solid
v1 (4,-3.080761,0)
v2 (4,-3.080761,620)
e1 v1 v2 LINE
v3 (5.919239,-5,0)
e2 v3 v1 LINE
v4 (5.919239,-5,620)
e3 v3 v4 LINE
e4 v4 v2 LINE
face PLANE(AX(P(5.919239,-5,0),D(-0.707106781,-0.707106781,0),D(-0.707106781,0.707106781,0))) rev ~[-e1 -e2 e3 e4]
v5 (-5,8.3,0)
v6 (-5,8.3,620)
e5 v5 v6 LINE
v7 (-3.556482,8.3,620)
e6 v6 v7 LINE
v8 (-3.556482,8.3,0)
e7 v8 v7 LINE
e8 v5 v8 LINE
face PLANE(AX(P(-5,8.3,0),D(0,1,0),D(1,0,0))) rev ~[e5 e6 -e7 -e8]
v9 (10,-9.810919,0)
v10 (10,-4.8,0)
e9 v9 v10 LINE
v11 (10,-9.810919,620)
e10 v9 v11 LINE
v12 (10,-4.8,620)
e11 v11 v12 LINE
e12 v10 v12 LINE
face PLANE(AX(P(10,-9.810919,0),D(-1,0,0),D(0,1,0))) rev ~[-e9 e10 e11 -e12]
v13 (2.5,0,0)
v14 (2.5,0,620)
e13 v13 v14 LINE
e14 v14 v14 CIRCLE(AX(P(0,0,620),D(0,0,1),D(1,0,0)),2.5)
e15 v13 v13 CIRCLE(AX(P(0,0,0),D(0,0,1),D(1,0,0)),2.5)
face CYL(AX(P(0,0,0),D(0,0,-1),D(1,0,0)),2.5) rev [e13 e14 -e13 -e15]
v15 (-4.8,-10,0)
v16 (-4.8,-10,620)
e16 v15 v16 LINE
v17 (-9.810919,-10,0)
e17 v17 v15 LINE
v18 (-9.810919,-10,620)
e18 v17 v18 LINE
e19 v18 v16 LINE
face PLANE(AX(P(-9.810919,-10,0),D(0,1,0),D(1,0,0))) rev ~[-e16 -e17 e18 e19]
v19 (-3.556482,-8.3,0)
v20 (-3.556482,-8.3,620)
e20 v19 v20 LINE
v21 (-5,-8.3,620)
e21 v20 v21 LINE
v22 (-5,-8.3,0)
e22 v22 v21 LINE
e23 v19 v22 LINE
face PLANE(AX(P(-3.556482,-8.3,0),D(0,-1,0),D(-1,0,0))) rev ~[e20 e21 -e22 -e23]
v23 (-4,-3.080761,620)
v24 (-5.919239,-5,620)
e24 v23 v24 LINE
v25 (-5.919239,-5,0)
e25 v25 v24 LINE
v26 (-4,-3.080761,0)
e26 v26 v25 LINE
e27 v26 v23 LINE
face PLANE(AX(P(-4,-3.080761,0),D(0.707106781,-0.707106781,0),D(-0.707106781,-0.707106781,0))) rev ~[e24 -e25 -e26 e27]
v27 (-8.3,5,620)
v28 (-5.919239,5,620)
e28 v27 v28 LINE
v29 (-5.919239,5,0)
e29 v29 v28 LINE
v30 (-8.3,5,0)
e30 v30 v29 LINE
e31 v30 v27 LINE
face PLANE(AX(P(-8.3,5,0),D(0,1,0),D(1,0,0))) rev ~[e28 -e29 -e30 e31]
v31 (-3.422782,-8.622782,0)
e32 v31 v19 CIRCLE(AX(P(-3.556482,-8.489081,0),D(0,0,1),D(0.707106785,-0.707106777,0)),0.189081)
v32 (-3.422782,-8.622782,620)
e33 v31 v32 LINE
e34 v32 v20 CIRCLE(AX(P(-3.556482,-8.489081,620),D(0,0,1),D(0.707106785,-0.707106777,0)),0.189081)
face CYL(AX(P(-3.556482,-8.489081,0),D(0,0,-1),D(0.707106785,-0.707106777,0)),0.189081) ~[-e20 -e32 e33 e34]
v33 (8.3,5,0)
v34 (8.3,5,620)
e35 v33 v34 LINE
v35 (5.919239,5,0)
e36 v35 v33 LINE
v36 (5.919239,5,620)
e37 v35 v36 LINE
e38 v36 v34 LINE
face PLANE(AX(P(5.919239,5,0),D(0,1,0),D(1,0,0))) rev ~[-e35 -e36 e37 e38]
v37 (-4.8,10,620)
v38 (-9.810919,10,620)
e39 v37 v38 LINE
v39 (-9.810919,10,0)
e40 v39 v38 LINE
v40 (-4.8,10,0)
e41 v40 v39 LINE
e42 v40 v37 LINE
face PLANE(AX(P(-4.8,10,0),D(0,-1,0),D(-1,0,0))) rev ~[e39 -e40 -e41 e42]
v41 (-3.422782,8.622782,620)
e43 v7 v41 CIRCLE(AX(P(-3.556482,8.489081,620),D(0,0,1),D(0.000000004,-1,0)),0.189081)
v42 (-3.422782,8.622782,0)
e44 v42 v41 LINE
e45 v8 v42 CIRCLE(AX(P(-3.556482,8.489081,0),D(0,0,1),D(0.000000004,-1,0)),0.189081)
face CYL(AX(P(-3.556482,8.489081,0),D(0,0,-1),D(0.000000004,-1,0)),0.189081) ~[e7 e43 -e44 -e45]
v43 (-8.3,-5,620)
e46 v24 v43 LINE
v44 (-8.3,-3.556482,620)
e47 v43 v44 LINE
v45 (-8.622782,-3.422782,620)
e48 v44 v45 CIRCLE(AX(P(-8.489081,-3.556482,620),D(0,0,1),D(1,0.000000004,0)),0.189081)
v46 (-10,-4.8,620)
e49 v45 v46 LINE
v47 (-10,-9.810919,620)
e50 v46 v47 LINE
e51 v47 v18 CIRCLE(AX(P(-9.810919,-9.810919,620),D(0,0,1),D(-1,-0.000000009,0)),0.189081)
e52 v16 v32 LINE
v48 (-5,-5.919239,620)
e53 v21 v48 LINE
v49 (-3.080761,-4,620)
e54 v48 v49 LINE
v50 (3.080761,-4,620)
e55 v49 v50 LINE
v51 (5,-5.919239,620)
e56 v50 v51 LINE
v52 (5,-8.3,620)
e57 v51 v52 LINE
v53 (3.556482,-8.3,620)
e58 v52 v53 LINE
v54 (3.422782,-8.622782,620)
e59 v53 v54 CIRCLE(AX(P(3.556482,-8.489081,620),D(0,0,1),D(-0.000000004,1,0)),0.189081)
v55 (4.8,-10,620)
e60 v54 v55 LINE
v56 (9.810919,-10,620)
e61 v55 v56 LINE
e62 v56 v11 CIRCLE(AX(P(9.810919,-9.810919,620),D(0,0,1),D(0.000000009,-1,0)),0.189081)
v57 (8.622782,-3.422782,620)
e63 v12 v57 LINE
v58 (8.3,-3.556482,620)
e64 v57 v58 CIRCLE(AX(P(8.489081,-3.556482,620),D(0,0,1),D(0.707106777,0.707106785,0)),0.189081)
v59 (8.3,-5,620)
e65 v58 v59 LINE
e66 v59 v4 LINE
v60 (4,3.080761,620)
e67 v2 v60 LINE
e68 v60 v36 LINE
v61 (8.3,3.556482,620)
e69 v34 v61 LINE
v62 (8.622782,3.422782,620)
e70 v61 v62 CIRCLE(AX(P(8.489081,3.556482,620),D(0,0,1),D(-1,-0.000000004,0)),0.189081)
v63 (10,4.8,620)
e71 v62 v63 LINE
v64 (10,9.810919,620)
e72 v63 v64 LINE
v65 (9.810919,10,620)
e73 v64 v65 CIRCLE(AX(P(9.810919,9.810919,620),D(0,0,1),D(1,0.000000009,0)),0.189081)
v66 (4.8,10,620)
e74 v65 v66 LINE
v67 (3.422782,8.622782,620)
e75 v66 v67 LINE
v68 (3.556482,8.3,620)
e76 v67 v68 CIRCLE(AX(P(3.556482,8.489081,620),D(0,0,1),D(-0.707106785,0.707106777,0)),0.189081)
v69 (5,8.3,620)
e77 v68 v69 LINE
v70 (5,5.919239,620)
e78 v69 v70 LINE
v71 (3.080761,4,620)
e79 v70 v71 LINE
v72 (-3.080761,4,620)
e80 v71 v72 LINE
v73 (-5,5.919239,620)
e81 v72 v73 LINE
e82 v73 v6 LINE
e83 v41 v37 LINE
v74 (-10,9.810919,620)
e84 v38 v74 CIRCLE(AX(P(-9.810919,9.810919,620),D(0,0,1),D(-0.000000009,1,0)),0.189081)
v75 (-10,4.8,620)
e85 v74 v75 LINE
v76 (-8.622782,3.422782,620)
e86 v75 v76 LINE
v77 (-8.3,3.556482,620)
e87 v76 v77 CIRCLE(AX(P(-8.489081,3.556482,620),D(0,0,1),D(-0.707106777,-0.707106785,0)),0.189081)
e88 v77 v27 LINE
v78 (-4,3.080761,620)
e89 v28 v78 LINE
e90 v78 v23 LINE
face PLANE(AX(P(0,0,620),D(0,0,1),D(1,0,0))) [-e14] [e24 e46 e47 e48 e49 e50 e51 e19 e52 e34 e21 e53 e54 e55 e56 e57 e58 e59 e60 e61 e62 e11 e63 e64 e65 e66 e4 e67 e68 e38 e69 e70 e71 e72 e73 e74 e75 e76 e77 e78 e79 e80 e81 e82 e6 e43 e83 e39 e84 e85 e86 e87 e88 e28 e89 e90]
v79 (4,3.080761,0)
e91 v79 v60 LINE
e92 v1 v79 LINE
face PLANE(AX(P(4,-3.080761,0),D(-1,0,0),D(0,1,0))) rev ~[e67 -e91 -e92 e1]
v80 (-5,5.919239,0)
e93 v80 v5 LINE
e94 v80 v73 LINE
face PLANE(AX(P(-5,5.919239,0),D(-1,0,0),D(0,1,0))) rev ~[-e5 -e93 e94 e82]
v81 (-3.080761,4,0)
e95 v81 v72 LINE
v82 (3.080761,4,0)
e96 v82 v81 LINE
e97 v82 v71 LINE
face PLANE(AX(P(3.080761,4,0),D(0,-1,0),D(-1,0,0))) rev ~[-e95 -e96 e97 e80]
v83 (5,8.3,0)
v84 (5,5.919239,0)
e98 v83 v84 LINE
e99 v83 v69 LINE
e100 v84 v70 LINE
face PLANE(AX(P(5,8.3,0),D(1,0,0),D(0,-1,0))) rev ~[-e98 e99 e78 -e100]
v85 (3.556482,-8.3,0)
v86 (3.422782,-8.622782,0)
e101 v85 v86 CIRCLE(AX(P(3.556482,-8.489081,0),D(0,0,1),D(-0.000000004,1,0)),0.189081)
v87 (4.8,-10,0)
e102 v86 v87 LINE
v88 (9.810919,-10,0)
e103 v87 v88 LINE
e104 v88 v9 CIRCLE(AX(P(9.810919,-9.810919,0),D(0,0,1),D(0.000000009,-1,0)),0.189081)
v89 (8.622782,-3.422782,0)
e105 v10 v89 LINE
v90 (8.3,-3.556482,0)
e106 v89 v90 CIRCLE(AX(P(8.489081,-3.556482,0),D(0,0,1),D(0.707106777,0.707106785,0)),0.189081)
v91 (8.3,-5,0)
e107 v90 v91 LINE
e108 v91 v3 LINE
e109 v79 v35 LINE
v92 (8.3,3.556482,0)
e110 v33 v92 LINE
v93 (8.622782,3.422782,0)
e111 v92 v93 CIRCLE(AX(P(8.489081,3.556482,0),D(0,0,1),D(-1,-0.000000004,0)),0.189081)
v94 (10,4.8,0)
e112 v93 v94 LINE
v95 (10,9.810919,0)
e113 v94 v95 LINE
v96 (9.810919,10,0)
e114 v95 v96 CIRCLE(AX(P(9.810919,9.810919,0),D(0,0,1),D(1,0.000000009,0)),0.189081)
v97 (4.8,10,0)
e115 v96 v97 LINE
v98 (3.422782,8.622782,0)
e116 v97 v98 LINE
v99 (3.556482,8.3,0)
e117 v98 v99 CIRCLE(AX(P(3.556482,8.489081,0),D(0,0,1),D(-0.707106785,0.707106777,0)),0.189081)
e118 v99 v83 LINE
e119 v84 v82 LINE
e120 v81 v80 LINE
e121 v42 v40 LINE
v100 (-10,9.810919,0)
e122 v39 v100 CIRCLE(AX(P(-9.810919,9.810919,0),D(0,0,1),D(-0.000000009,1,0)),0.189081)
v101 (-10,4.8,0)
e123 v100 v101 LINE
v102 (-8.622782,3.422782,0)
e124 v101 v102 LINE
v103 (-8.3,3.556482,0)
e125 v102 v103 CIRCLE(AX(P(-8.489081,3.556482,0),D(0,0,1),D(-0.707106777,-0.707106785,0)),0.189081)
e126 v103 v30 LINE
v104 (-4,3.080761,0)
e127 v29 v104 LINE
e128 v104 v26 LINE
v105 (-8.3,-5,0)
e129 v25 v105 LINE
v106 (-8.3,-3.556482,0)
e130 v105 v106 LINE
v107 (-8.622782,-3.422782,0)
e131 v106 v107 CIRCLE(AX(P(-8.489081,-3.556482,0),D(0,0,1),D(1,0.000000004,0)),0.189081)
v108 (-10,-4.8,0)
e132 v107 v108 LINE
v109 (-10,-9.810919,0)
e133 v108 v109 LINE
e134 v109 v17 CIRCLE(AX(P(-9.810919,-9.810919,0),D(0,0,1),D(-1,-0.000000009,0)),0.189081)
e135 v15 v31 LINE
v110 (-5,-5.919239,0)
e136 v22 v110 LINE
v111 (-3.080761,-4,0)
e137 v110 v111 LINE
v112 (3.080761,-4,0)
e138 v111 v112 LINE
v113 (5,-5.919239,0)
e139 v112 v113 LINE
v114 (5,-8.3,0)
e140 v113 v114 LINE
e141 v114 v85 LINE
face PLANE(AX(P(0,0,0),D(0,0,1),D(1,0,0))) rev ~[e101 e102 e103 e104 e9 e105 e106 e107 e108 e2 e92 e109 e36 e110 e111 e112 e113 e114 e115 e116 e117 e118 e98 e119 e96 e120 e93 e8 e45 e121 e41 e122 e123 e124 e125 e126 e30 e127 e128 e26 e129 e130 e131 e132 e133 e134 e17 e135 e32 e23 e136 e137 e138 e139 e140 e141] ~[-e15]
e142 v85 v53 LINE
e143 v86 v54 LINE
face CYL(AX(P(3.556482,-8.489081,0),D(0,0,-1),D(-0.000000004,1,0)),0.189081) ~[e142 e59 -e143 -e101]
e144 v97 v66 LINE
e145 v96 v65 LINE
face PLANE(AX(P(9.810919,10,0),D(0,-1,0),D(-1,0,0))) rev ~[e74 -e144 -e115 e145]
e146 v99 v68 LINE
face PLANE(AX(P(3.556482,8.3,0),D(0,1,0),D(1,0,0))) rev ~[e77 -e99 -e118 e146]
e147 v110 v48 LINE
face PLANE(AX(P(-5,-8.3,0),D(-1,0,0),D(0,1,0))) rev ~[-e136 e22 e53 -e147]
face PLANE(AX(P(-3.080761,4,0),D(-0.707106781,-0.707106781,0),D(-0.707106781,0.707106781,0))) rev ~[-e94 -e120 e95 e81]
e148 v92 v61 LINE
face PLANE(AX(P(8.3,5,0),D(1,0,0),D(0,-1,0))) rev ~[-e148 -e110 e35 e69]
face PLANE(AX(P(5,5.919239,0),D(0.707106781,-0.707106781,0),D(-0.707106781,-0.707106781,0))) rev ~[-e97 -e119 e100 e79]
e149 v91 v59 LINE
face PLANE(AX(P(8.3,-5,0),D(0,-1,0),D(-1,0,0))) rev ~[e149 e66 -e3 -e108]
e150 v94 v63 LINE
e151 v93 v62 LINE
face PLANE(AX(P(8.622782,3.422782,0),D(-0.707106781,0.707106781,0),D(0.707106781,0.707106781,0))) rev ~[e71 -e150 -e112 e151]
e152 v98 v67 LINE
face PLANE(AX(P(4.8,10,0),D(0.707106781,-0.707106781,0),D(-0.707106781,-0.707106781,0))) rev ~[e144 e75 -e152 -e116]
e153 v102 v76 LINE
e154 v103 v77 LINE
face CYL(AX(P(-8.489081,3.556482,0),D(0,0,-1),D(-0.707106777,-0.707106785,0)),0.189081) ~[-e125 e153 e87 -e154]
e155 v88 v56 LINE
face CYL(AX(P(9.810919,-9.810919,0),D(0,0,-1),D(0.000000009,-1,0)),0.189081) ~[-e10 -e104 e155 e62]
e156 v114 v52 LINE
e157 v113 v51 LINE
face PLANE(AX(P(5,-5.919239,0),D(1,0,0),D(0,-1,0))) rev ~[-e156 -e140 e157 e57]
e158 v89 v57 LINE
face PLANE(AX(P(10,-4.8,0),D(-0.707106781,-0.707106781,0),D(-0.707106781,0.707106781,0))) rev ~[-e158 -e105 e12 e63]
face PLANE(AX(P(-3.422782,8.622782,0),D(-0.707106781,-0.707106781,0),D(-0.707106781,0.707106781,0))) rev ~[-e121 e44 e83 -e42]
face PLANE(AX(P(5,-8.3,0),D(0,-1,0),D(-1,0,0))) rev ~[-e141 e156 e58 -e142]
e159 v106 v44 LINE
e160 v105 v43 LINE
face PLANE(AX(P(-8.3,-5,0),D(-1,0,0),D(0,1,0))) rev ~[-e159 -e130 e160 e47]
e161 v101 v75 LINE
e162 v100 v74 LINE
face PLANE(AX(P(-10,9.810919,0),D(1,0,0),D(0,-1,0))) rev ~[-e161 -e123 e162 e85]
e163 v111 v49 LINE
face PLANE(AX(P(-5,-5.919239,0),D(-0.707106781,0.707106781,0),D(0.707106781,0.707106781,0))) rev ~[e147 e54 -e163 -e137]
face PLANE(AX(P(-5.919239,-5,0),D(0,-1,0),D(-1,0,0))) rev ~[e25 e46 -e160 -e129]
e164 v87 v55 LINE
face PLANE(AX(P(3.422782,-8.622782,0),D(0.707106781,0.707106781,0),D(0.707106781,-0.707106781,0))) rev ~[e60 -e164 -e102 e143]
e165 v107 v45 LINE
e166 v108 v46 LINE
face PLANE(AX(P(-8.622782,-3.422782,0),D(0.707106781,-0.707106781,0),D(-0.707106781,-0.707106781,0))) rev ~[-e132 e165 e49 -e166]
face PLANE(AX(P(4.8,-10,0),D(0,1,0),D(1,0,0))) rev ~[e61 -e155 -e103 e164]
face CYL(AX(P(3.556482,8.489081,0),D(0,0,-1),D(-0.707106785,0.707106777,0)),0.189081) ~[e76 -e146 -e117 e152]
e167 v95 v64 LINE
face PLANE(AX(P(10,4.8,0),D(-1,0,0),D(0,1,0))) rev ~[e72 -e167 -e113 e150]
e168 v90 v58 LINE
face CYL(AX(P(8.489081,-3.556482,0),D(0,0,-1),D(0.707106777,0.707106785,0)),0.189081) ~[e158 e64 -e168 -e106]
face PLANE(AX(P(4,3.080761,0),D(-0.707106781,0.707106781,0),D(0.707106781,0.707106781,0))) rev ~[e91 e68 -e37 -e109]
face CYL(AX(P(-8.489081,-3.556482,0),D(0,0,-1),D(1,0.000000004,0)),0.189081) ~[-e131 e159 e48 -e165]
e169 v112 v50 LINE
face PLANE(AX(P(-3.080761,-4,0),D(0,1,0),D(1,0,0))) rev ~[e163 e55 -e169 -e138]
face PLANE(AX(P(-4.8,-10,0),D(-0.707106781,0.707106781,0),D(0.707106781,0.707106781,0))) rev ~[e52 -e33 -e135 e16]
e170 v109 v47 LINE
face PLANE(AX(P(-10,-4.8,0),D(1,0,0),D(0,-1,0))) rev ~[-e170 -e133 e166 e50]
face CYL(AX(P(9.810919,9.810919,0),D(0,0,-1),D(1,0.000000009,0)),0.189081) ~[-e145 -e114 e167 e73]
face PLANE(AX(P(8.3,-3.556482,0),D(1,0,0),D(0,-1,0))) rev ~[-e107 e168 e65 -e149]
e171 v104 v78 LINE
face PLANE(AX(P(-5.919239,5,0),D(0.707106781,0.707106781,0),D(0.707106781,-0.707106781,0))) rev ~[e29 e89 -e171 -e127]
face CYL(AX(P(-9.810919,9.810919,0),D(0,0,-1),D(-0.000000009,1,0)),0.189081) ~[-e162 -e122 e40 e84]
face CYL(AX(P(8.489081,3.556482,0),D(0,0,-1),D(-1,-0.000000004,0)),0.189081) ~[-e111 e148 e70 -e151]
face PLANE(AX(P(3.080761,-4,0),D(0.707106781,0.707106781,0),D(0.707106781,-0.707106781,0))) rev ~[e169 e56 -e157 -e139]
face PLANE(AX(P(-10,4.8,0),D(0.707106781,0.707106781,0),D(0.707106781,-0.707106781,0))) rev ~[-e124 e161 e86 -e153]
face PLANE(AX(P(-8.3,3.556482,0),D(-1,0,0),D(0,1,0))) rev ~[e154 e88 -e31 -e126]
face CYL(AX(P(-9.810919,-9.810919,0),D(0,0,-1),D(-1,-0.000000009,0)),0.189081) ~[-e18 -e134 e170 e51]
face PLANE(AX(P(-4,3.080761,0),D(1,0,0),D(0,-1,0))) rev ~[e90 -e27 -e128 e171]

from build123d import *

# Parameters (mm, degrees)
SKETCH1_R           = 2.5
BOSS_EXTRUDE5_DEPTH = 620


with BuildPart() as part:
    # Sketch1 → Boss-Extrude5 (new body)
    with BuildSketch(Plane.XY):
        with BuildLine():
            Line((-10, 9.810918806), (-10, 4.8))
            Line((-10, 4.8), (-8.622781789, 3.422781789))
            ThreePointArc((-8.622781789, 3.422781789), (-8.416722954, 3.381794139), (-8.3, 3.556482384))
            Line((-8.3, 3.556482384), (-8.3, 5))
            Line((-8.3, 5), (-5.919238816, 5))
            Line((-5.919238816, 5), (-4, 3.080761184))
            Line((-4, 3.080761184), (-4, -3.080761184))
            Line((-4, -3.080761184), (-5.919238816, -5))
            Line((-5.919238816, -5), (-8.3, -5))
            Line((-8.3, -5), (-8.3, -3.556482384))
            ThreePointArc((-8.3, -3.556482384), (-8.416722954, -3.381794139), (-8.622781789, -3.422781789))
            Line((-8.622781789, -3.422781789), (-10, -4.8))
            Line((-10, -4.8), (-10, -9.810918806))
            ThreePointArc((-10, -9.810918806), (-9.9446194, -9.9446194), (-9.810918806, -10))
            Line((-9.810918806, -10), (-4.8, -10))
            Line((-4.8, -10), (-3.422781789, -8.622781789))
            ThreePointArc((-3.422781789, -8.622781789), (-3.381794139, -8.416722954), (-3.556482384, -8.3))
            Line((-3.556482384, -8.3), (-5, -8.3))
            Line((-5, -8.3), (-5, -5.919238816))
            Line((-5, -5.919238816), (-3.080761184, -4))
            Line((-3.080761184, -4), (0, -4))
            Line((0, -4), (3.080761184, -4))
            Line((3.080761184, -4), (5, -5.919238816))
            Line((5, -5.919238816), (5, -8.3))
            Line((5, -8.3), (3.556482384, -8.3))
            ThreePointArc((3.556482384, -8.3), (3.381794139, -8.416722954), (3.422781789, -8.622781789))
            Line((3.422781789, -8.622781789), (4.8, -10))
            Line((4.8, -10), (9.810918806, -10))
            ThreePointArc((9.810918806, -10), (9.9446194, -9.9446194), (10, -9.810918806))
            Line((10, -9.810918806), (10, -4.8))
            Line((10, -4.8), (8.622781789, -3.422781789))
            ThreePointArc((8.622781789, -3.422781789), (8.416722954, -3.381794139), (8.3, -3.556482384))
            Line((8.3, -3.556482384), (8.3, -5))
            Line((8.3, -5), (5.919238816, -5))
            Line((5.919238816, -5), (4, -3.080761184))
            Line((4, -3.080761184), (4, 3.080761184))
            Line((4, 3.080761184), (5.919238816, 5))
            Line((5.919238816, 5), (8.3, 5))
            Line((8.3, 5), (8.3, 3.556482384))
            ThreePointArc((8.3, 3.556482384), (8.416722954, 3.381794139), (8.622781789, 3.422781789))
            Line((8.622781789, 3.422781789), (10, 4.8))
            Line((10, 4.8), (10, 9.810918806))
            ThreePointArc((10, 9.810918806), (9.9446194, 9.9446194), (9.810918806, 10))
            Line((9.810918806, 10), (4.8, 10))
            Line((4.8, 10), (3.422781789, 8.622781789))
            ThreePointArc((3.422781789, 8.622781789), (3.381794139, 8.416722954), (3.556482384, 8.3))
            Line((3.556482384, 8.3), (5, 8.3))
            Line((5, 8.3), (5, 5.919238816))
            Line((5, 5.919238816), (3.080761184, 4))
            Line((3.080761184, 4), (-3.080761184, 4))
            Line((-3.080761184, 4), (-5, 5.919238816))
            Line((-5, 5.919238816), (-5, 8.3))
            Line((-5, 8.3), (-3.556482384, 8.3))
            ThreePointArc((-3.556482384, 8.3), (-3.381794139, 8.416722954), (-3.422781789, 8.622781789))
            Line((-3.422781789, 8.622781789), (-4.8, 10))
            Line((-4.8, 10), (-9.810918806, 10))
            ThreePointArc((-9.810918806, 10), (-9.9446194, 9.9446194), (-10, 9.810918806))
        make_face()
        Circle(SKETCH1_R, mode=Mode.SUBTRACT)
    extrude(amount=BOSS_EXTRUDE5_DEPTH)


solid = part.part
